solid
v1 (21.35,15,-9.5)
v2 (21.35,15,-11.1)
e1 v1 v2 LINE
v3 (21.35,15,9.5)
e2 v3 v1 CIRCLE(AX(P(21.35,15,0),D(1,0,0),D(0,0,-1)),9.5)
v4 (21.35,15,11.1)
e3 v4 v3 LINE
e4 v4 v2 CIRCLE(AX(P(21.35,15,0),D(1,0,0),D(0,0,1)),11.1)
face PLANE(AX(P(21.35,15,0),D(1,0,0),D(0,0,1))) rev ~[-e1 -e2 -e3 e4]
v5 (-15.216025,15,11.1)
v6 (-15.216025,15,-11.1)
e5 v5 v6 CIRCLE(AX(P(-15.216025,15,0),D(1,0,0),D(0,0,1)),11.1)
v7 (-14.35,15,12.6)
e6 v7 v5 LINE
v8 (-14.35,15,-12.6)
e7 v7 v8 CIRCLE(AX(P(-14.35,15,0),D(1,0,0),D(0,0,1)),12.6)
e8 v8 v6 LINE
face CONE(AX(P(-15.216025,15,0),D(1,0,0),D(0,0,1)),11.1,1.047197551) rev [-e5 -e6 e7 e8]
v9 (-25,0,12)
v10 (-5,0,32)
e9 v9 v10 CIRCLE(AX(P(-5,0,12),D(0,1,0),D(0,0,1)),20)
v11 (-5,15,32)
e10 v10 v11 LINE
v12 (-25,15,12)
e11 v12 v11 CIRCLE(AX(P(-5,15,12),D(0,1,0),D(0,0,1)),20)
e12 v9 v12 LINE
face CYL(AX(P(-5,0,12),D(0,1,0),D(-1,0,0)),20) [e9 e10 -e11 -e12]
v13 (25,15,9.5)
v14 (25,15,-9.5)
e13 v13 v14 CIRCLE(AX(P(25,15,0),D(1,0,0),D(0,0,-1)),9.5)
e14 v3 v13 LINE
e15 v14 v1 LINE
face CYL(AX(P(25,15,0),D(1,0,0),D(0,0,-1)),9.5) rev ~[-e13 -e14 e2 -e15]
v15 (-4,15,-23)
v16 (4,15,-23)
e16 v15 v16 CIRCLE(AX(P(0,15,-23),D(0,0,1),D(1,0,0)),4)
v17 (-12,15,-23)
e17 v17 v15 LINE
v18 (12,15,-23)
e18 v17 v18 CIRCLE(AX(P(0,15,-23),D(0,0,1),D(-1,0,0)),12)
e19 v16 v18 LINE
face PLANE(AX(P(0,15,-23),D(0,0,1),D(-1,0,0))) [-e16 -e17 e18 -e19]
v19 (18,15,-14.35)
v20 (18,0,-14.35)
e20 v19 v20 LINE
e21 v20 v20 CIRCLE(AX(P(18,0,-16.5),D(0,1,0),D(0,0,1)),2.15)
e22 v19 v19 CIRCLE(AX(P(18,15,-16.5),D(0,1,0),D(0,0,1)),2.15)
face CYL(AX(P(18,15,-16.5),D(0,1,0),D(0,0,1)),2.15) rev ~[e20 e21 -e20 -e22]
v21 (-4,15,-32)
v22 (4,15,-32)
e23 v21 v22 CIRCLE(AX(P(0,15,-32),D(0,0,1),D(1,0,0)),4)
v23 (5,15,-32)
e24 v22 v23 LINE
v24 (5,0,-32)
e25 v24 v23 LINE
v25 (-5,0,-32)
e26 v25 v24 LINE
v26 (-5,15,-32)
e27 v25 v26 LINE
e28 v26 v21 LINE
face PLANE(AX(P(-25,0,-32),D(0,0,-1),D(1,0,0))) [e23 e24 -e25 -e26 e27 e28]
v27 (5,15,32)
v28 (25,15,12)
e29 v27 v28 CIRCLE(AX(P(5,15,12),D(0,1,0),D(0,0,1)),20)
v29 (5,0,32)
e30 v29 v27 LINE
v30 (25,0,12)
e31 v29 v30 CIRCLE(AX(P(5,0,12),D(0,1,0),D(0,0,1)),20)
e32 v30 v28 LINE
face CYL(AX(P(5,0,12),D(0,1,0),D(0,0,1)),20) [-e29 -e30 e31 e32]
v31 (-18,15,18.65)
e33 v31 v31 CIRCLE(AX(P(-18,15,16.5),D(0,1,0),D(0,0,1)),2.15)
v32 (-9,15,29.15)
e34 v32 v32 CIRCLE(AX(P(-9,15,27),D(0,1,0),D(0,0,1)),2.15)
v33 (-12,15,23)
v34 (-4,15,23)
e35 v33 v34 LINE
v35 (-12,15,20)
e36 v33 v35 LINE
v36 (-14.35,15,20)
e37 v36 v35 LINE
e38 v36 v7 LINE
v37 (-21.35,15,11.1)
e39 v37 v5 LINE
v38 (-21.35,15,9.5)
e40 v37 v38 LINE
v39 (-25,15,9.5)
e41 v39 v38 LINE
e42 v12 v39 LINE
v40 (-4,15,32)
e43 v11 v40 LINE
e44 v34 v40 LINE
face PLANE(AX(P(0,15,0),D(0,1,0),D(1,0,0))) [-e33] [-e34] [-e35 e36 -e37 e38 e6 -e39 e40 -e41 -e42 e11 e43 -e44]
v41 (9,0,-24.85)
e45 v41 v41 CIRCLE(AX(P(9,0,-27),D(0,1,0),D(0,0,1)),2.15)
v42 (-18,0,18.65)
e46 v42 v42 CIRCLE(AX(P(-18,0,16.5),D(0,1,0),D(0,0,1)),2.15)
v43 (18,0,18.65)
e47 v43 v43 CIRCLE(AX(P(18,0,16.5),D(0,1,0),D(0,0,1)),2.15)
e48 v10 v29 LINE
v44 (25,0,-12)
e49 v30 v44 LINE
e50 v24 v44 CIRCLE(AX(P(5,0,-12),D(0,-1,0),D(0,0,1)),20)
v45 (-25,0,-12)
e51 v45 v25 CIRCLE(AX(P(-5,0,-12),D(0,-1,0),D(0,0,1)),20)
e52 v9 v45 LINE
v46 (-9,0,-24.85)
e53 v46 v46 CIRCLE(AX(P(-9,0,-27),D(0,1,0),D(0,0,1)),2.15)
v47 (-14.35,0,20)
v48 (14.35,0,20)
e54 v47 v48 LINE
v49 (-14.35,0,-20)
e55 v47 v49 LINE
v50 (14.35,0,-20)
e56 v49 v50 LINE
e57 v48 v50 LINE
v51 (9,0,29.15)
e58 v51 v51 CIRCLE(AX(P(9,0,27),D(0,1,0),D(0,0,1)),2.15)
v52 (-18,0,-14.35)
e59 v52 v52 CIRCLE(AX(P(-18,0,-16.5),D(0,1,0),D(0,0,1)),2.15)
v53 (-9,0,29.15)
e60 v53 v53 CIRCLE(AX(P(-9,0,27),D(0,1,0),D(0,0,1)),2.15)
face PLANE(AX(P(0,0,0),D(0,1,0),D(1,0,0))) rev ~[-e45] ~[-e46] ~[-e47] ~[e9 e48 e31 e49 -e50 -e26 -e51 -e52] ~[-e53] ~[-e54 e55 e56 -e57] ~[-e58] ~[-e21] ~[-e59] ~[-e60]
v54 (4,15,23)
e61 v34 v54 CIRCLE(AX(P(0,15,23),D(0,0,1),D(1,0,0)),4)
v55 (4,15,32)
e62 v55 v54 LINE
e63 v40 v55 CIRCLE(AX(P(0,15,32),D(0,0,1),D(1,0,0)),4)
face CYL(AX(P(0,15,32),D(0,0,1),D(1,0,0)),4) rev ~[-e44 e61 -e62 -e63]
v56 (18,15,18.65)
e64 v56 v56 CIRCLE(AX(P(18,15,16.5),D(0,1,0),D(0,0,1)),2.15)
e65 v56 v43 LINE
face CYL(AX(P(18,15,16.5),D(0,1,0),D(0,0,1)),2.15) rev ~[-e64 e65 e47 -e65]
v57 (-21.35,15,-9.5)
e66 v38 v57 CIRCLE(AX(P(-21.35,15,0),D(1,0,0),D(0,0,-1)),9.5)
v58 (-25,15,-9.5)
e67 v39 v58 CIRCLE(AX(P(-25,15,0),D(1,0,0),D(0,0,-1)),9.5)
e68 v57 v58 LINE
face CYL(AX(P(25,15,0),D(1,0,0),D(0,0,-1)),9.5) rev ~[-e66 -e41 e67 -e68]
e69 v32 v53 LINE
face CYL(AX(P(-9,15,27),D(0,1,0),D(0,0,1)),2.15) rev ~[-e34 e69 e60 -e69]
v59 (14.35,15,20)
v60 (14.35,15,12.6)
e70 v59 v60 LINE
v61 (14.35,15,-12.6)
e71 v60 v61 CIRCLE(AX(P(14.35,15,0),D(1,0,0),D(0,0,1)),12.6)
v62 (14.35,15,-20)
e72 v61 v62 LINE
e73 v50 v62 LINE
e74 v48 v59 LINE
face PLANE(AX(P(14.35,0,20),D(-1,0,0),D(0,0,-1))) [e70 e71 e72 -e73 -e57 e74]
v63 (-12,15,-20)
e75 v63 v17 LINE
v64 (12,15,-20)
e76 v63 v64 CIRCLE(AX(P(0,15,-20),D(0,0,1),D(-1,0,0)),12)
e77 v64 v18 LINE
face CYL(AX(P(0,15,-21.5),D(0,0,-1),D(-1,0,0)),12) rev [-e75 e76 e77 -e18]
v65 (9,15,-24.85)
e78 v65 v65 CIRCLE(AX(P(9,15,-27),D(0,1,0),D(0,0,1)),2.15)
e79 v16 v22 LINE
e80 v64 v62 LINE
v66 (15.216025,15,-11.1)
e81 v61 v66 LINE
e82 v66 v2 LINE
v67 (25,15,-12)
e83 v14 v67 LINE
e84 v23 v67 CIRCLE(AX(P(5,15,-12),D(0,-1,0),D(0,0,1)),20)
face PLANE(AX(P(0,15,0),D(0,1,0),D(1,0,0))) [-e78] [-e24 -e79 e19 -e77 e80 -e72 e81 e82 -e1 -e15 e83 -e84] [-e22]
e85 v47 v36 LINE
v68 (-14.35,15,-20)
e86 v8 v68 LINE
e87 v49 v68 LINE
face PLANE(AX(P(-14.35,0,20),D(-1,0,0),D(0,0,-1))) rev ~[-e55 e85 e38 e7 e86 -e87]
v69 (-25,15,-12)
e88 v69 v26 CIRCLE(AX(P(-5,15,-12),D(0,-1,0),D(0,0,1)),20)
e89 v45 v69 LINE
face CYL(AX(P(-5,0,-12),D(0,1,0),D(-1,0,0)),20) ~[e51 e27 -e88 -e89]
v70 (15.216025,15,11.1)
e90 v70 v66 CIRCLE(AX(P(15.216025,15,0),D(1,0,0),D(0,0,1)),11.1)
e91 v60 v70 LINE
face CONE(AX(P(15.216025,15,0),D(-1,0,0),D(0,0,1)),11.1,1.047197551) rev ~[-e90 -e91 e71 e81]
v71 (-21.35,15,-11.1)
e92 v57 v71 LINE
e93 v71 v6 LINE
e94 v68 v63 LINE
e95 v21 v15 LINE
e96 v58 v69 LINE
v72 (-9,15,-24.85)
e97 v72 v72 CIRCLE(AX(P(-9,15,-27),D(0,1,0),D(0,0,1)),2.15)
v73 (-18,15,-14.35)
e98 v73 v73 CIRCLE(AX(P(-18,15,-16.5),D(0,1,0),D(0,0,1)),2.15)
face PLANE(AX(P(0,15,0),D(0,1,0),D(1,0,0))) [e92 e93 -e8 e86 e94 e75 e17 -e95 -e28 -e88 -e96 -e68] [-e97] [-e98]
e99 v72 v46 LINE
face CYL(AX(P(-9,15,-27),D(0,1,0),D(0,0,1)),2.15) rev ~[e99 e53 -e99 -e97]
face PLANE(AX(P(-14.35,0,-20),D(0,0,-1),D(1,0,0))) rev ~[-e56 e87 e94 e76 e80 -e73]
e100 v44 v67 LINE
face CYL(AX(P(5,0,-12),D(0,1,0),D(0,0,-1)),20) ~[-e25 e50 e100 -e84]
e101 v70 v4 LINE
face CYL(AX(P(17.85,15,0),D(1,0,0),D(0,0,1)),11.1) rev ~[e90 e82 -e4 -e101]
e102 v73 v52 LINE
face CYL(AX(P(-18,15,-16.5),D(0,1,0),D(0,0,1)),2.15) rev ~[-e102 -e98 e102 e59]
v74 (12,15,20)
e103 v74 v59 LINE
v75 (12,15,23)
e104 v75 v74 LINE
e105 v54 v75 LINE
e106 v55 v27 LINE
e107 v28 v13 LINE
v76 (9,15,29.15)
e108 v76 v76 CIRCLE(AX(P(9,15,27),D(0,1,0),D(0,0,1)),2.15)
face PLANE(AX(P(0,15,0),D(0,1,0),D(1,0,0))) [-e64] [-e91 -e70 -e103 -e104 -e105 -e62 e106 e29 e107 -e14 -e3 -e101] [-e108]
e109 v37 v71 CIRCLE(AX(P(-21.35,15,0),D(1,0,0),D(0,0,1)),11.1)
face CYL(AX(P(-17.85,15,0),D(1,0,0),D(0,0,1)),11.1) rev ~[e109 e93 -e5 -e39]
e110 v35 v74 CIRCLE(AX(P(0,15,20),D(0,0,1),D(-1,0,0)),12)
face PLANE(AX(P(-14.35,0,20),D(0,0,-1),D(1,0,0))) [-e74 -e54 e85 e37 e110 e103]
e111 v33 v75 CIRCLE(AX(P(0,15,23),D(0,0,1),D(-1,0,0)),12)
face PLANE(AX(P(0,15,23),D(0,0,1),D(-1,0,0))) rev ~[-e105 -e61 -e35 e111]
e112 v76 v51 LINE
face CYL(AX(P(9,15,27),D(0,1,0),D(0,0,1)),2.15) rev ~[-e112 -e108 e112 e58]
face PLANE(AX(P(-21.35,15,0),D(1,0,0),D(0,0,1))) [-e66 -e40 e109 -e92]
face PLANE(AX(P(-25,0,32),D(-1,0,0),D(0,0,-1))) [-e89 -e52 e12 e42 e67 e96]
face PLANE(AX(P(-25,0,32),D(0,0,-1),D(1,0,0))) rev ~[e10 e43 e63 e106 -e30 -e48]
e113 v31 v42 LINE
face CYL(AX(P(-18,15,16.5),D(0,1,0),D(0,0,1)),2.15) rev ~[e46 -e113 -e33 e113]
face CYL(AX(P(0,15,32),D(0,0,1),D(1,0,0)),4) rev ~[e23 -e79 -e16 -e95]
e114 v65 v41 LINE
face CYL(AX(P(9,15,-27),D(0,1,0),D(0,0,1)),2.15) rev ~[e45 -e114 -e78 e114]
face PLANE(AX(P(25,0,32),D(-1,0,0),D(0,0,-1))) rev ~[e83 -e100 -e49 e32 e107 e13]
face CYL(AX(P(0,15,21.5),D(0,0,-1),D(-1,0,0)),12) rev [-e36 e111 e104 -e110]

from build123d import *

# Parameters (mm, degrees)
SKETCH1_W             = 50
SKETCH1_H             = 64
SKETCH1_W_2           = 28.7
SKETCH1_H_2           = 40
BOSS_EXTRUDE1_DEPTH   = 15
SKETCH3_W             = 7
SKETCH3_H             = 11.1
SKETCH4_R             = 9.5
CUT_EXTRUDE2_DEPTH    = 51
SKETCH5_R             = 4
CUT_EXTRUDE3_DEPTH    = 65
SKETCH8_R             = 2.15
CUT_EXTRUDE6_DEPTH    = 16
FILLET1_R             = 20
CHAMFER1_SIZE         = 1.5
CHAMFER1_SIZE2        = 0.866025404
CHAMFER1_PART_2_SIZE  = 1.5
CHAMFER1_PART_2_SIZE2 = 0.866025404
SKETCH9_W             = 12
SKETCH9_H             = 3


with BuildPart() as part:
    # Sketch1 → Boss-Extrude1 (new body)
    with BuildSketch(Plane(origin=(0, 0, 0), x_dir=(1, 0, 0), z_dir=(0, 1, 0))):
        Rectangle(SKETCH1_W, SKETCH1_H)
        Rectangle(SKETCH1_W_2, SKETCH1_H_2, mode=Mode.SUBTRACT)
    extrude(amount=BOSS_EXTRUDE1_DEPTH)

    # Sketch3 → Cut-Revolve1 (revolve, cut)
    with BuildSketch(Plane(origin=(0, 15, 0), x_dir=(1, 0, 0), z_dir=(0, 1, 0))):
        with Locations((17.85, -5.55)):
            Rectangle(SKETCH3_W, SKETCH3_H)
        with Locations((-17.85, -5.55)):
            Rectangle(SKETCH3_W, SKETCH3_H)
    revolve(axis=Axis((14.35, 15, 0), (1, 0, 0)), mode=Mode.SUBTRACT)

    # Sketch4 → Cut-Extrude2 (cut, through all)
    with BuildSketch(Plane(origin=(25, 0, 0), x_dir=(0, 0, -1), z_dir=(1, 0, 0))):
        with Locations((0, 15)):
            Circle(SKETCH4_R)
    extrude(amount=-CUT_EXTRUDE2_DEPTH, mode=Mode.SUBTRACT)

    # Sketch5 → Cut-Extrude3 (cut, through all)
    with BuildSketch(Plane.XY.offset(32)):
        with Locations((0, 15)):
            Circle(SKETCH5_R)
    extrude(amount=-CUT_EXTRUDE3_DEPTH, mode=Mode.SUBTRACT)

    # Sketch8 → Cut-Extrude6 (cut, through all)
    with BuildSketch(Plane(origin=(0, 15, 0), x_dir=(1, 0, 0), z_dir=(0, 1, 0))):
        with Locations(Location((18, 16.5, 0), (0, 0, 270))):  # turned: the seam where the file's is
            Circle(SKETCH8_R)
        with Locations(Location((18, -16.5, 0), (0, 0, 270))):  # turned: the seam where the file's is
            Circle(SKETCH8_R)
        with Locations(Location((-18, -16.5, 0), (0, 0, 270))):  # turned: the seam where the file's is
            Circle(SKETCH8_R)
        with Locations(Location((-18, 16.5, 0), (0, 0, 270))):  # turned: the seam where the file's is
            Circle(SKETCH8_R)
        with Locations(Location((9, -27, 0), (0, 0, 270))):  # turned: the seam where the file's is
            Circle(SKETCH8_R)
        with Locations(Location((-9, -27, 0), (0, 0, 270))):  # turned: the seam where the file's is
            Circle(SKETCH8_R)
        with Locations(Location((-9, 27, 0), (0, 0, 270))):  # turned: the seam where the file's is
            Circle(SKETCH8_R)
        with Locations(Location((9, 27, 0), (0, 0, 270))):  # turned: the seam where the file's is
            Circle(SKETCH8_R)
    extrude(amount=-CUT_EXTRUDE6_DEPTH, mode=Mode.SUBTRACT)

    # Fillet1
    fillet1_edges = [part.edges().sort_by_distance(p)[0] for p in [
        (-25, 7.5, -32),
        (25, 7.5, -32),
        (25, 7.5, 32),
        (-25, 7.5, 32),
    ]]
    fillet(fillet1_edges, radius=FILLET1_R)

    # Chamfer1
    chamfer1_edges = [part.edges().sort_by_distance(p)[0] for p in [
        (14.35, 3.9, 0),
    ]]
    chamfer1_side = [part.faces().sort_by_distance(p)[0] for p in [
        (14.35, 0.427200187, 0),
    ]]
    chamfer(chamfer1_edges, length=CHAMFER1_SIZE, length2=CHAMFER1_SIZE2, reference=chamfer1_side[0])

    # Chamfer1 part 2
    chamfer1_part_2_edges = [part.edges().sort_by_distance(p)[0] for p in [
        (-14.35, 3.9, 0),
    ]]
    chamfer1_part_2_side = [part.faces().sort_by_distance(p)[0] for p in [
        (-14.35, 0.427200187, 0),
    ]]
    chamfer(chamfer1_part_2_edges, length=CHAMFER1_PART_2_SIZE, length2=CHAMFER1_PART_2_SIZE2, reference=chamfer1_part_2_side[0])

    # Sketch9 → Cut-Revolve2 (revolve, cut)
    with BuildSketch(Plane(origin=(0, 15, 0), x_dir=(1, 0, 0), z_dir=(0, 1, 0))):
        with Locations((-6, -21.5)):
            Rectangle(SKETCH9_W, SKETCH9_H)
        with Locations((-6, 21.5)):
            Rectangle(SKETCH9_W, SKETCH9_H)
    revolve(axis=Axis((0, 15, -29.871415895), (0, 0, 1)), mode=Mode.SUBTRACT)


solid = part.part
